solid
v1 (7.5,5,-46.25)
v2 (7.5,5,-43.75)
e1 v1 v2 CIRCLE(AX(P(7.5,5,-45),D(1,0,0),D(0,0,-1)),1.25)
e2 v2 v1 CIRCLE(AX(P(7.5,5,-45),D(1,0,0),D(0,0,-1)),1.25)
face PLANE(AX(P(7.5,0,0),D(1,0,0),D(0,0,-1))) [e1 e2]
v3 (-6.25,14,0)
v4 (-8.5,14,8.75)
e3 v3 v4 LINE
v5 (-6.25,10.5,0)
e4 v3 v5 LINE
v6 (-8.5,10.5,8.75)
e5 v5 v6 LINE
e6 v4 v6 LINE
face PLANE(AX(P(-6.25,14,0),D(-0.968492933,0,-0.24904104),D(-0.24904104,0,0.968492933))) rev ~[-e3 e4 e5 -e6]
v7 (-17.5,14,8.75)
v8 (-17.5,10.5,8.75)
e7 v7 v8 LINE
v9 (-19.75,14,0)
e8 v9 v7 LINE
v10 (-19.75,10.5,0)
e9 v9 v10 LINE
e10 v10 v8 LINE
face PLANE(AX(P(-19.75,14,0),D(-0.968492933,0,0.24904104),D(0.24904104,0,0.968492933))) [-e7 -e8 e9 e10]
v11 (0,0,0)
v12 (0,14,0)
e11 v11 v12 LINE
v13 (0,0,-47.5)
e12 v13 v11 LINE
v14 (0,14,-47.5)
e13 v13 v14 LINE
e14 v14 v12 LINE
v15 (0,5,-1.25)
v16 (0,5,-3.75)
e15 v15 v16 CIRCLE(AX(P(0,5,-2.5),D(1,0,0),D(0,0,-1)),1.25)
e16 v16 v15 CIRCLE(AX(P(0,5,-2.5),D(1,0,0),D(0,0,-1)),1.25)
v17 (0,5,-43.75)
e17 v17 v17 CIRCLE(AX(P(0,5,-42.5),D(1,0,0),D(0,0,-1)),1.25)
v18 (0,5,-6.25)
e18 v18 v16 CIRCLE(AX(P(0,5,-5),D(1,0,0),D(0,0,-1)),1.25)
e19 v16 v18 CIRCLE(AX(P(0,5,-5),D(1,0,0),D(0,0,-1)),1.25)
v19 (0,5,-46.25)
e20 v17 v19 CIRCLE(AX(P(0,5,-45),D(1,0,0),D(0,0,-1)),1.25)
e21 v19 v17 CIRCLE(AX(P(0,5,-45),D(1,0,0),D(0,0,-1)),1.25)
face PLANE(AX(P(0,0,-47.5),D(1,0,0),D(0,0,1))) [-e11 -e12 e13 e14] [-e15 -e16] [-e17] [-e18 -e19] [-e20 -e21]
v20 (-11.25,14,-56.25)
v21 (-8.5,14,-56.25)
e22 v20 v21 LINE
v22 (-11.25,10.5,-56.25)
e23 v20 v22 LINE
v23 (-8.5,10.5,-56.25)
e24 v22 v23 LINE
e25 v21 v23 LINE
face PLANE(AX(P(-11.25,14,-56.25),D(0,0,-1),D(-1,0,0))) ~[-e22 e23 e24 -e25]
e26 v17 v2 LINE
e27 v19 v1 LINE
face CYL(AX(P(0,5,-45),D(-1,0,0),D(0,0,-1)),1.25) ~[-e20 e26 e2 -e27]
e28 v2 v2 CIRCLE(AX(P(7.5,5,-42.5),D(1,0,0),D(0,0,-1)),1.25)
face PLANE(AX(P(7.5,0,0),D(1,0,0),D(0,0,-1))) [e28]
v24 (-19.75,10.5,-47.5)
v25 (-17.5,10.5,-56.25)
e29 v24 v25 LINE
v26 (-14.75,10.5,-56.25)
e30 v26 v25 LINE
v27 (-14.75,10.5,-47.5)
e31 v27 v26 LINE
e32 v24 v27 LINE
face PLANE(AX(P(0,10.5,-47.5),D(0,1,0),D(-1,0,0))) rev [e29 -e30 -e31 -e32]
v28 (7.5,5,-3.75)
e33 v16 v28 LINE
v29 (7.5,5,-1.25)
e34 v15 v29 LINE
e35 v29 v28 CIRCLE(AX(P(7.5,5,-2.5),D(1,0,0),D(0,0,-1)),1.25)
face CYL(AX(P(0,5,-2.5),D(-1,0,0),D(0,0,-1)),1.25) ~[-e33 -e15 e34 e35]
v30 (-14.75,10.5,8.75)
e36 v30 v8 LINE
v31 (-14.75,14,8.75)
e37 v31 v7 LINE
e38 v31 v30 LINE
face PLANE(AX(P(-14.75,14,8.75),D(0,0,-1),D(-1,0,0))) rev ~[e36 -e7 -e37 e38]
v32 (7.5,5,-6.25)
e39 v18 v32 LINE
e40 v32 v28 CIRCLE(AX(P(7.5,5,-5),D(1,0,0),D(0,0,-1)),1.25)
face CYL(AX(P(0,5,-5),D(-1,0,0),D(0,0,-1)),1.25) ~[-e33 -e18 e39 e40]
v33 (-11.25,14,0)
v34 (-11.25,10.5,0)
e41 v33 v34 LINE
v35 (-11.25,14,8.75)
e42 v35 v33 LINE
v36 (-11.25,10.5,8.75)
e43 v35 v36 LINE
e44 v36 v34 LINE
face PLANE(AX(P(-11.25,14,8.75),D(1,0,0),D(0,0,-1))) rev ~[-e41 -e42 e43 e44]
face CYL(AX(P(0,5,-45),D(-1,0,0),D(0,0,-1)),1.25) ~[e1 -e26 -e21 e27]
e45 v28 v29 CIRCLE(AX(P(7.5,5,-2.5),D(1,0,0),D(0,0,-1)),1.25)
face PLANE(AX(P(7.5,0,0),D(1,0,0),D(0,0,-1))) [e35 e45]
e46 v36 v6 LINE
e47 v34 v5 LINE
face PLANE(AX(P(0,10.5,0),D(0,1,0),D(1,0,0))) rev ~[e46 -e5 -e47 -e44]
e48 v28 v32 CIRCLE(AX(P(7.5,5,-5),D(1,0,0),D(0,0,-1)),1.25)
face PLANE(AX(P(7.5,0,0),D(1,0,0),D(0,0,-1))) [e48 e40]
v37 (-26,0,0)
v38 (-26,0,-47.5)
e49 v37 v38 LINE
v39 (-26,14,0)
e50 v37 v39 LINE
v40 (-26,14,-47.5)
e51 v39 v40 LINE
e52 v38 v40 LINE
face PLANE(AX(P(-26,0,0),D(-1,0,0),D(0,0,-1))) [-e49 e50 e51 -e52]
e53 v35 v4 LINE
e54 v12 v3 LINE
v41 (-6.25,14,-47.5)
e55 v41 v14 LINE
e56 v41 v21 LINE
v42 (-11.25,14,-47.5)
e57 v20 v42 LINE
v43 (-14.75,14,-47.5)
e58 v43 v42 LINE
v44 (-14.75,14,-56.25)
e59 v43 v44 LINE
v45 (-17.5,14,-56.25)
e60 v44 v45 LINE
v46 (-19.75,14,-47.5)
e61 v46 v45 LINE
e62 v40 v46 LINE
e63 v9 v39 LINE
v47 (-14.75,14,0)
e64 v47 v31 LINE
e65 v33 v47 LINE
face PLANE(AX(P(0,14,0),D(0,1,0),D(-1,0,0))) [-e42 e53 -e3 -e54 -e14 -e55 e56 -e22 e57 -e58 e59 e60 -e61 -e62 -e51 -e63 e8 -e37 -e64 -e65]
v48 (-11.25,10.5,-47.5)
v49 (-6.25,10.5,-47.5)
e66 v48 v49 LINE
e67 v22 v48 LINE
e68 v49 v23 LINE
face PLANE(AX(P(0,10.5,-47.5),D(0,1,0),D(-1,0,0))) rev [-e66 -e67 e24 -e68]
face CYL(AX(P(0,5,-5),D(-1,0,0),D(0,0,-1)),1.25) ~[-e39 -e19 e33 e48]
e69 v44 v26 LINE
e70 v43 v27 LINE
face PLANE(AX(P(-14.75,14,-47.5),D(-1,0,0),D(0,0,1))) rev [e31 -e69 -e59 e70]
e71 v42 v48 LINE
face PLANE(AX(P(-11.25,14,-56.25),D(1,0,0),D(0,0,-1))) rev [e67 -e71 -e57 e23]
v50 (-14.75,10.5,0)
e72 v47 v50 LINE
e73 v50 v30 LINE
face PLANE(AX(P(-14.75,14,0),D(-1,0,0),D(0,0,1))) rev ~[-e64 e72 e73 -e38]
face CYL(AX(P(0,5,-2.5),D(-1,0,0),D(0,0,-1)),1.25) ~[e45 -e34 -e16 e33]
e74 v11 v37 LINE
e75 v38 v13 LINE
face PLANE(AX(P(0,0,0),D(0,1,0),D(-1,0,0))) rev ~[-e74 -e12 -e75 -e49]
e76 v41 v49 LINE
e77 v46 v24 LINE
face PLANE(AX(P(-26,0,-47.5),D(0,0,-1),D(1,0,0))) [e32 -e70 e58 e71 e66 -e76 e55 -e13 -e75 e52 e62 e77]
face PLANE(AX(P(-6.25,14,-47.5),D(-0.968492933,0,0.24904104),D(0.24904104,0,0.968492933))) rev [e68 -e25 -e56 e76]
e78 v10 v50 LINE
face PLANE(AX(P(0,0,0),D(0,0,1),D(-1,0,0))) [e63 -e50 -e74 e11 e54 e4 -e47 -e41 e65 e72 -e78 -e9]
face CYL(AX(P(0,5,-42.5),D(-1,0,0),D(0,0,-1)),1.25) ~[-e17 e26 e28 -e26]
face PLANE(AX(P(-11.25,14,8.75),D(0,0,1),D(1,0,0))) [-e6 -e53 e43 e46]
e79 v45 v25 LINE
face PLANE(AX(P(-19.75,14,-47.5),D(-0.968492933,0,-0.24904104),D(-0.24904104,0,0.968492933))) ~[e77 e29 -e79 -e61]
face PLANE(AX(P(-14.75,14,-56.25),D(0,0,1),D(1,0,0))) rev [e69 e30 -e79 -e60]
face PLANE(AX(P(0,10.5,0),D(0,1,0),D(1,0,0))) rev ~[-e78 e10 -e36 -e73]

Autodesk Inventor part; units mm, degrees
ref_plane "YZ Plane" through (0, 0, 0) normal (1, 0, 0) x (0, 1, 0)
ref_plane "XZ Plane" through (0, 0, 0) normal (0, 1, 0) x (-1, 0, 0)
sketch "Sketch1" plane through (0, 0, 0) normal (0, 1, 0) x (-1, 0, 0)
  line L0 (0, 0) -> (26, 0)
  line L1 (26, 0) -> (26, -47.5)
  line L2 (26, -47.5) -> (0, -47.5)
  line L3 (0, -47.5) -> (0, 0)
  dimension "d0" = 26
  dimension "d1" = 47.5
extrude "Extrusion1" add sketch "Sketch1" along normal blind 14
sketch "Sketch2" plane through (0, 14, 0) normal (0, 1, 0) x (1, 0, 0)
  line L0 (-26, 0) -> (0, 0) projected
  line L1 (-13, 0) -> (-13, -8.75)
  line L2 (-13, -8.75) -> (-13, 0) construction
  line L3 (-11.25, -8.75) -> (-11.25, 0)
  line L4 (-14.75, 0) -> (-14.75, -8.75)
  arc A0 (-14.75, -8.75) -> (-11.25, -8.75) centre (-13, -8.75) ccw
  arc A1 (-11.25, 0) -> (-14.75, 0) centre (-13, 0) ccw
  line L5 (-14.75, -8.75) -> (-17.5, -8.75)
  line L6 (-11.25, -8.75) -> (-8.5, -8.75)
  line L7 (-11.25, -8.75) -> (-14.75, -8.75)
  line L8 (-26, 0) -> (-19.75, 0)
  line L9 (-19.75, 0) -> (-17.5, -8.75)
  line L10 (0, 0) -> (-6.25, 0)
  line L11 (-6.25, 0) -> (-8.5, -8.75)
  point P0 (-13, -4.375)
  dimension "d4" = 8.75
  dimension "d5" = 3.5
  dimension "d6" = 2.75
  dimension "d7" = 2.75
  dimension "d8" = 6.25
  dimension "d9" = 6.25
extrude "Extrusion2" add sketch "Sketch2" against normal blind 3.5 contours L0 L4 L5 L9 | L0 L11 L6 L3
ref_plane "Work Plane1" through (0, 0, -23.75) normal (0, 0, 1) x (1, 0, 0)
mirror "Mirror1" about plane through (0, 0, -23.75) normal (0, 0, 1) of "Extrusion2"
sketch "Sketch4" plane through (0, 0, 0) normal (1, 0, 0) x (0, 0, -1)
  line L0 (0, 0) -> (0, 14) projected
  line L1 (0, 0) -> (0, 5)
  line L2 (0, 5) -> (5, 5)
  circle A0 centre (5, 5) radius 1.25
  circle A1 centre (2.5, 5) radius 1.25
  line L3 (0, 0) -> (47.5, 0) projected
  line L4 (47.5, 0) -> (47.5, 5)
  line L5 (47.5, 0) -> (47.5, 14) projected
  line L6 (47.5, 5) -> (42.5, 5)
  circle A2 centre (42.5, 5) radius 1.25
  circle A3 centre (45, 5) radius 1.25
  point P0 (43.75, 5)
  point P1 (3.75, 5)
  dimension "d13" = 5
  dimension "d14" = 5
  dimension "d15" = 2.5
  dimension "d16" = 2.5
  dimension "d17" = 5
  dimension "d18" = 5
  dimension "d19" = 2.5
  dimension "d20" = 2.5
extrude "Extrusion3" add sketch "Sketch4" along normal blind 7.5
properties part number "12_24_5VUSBConverter"
